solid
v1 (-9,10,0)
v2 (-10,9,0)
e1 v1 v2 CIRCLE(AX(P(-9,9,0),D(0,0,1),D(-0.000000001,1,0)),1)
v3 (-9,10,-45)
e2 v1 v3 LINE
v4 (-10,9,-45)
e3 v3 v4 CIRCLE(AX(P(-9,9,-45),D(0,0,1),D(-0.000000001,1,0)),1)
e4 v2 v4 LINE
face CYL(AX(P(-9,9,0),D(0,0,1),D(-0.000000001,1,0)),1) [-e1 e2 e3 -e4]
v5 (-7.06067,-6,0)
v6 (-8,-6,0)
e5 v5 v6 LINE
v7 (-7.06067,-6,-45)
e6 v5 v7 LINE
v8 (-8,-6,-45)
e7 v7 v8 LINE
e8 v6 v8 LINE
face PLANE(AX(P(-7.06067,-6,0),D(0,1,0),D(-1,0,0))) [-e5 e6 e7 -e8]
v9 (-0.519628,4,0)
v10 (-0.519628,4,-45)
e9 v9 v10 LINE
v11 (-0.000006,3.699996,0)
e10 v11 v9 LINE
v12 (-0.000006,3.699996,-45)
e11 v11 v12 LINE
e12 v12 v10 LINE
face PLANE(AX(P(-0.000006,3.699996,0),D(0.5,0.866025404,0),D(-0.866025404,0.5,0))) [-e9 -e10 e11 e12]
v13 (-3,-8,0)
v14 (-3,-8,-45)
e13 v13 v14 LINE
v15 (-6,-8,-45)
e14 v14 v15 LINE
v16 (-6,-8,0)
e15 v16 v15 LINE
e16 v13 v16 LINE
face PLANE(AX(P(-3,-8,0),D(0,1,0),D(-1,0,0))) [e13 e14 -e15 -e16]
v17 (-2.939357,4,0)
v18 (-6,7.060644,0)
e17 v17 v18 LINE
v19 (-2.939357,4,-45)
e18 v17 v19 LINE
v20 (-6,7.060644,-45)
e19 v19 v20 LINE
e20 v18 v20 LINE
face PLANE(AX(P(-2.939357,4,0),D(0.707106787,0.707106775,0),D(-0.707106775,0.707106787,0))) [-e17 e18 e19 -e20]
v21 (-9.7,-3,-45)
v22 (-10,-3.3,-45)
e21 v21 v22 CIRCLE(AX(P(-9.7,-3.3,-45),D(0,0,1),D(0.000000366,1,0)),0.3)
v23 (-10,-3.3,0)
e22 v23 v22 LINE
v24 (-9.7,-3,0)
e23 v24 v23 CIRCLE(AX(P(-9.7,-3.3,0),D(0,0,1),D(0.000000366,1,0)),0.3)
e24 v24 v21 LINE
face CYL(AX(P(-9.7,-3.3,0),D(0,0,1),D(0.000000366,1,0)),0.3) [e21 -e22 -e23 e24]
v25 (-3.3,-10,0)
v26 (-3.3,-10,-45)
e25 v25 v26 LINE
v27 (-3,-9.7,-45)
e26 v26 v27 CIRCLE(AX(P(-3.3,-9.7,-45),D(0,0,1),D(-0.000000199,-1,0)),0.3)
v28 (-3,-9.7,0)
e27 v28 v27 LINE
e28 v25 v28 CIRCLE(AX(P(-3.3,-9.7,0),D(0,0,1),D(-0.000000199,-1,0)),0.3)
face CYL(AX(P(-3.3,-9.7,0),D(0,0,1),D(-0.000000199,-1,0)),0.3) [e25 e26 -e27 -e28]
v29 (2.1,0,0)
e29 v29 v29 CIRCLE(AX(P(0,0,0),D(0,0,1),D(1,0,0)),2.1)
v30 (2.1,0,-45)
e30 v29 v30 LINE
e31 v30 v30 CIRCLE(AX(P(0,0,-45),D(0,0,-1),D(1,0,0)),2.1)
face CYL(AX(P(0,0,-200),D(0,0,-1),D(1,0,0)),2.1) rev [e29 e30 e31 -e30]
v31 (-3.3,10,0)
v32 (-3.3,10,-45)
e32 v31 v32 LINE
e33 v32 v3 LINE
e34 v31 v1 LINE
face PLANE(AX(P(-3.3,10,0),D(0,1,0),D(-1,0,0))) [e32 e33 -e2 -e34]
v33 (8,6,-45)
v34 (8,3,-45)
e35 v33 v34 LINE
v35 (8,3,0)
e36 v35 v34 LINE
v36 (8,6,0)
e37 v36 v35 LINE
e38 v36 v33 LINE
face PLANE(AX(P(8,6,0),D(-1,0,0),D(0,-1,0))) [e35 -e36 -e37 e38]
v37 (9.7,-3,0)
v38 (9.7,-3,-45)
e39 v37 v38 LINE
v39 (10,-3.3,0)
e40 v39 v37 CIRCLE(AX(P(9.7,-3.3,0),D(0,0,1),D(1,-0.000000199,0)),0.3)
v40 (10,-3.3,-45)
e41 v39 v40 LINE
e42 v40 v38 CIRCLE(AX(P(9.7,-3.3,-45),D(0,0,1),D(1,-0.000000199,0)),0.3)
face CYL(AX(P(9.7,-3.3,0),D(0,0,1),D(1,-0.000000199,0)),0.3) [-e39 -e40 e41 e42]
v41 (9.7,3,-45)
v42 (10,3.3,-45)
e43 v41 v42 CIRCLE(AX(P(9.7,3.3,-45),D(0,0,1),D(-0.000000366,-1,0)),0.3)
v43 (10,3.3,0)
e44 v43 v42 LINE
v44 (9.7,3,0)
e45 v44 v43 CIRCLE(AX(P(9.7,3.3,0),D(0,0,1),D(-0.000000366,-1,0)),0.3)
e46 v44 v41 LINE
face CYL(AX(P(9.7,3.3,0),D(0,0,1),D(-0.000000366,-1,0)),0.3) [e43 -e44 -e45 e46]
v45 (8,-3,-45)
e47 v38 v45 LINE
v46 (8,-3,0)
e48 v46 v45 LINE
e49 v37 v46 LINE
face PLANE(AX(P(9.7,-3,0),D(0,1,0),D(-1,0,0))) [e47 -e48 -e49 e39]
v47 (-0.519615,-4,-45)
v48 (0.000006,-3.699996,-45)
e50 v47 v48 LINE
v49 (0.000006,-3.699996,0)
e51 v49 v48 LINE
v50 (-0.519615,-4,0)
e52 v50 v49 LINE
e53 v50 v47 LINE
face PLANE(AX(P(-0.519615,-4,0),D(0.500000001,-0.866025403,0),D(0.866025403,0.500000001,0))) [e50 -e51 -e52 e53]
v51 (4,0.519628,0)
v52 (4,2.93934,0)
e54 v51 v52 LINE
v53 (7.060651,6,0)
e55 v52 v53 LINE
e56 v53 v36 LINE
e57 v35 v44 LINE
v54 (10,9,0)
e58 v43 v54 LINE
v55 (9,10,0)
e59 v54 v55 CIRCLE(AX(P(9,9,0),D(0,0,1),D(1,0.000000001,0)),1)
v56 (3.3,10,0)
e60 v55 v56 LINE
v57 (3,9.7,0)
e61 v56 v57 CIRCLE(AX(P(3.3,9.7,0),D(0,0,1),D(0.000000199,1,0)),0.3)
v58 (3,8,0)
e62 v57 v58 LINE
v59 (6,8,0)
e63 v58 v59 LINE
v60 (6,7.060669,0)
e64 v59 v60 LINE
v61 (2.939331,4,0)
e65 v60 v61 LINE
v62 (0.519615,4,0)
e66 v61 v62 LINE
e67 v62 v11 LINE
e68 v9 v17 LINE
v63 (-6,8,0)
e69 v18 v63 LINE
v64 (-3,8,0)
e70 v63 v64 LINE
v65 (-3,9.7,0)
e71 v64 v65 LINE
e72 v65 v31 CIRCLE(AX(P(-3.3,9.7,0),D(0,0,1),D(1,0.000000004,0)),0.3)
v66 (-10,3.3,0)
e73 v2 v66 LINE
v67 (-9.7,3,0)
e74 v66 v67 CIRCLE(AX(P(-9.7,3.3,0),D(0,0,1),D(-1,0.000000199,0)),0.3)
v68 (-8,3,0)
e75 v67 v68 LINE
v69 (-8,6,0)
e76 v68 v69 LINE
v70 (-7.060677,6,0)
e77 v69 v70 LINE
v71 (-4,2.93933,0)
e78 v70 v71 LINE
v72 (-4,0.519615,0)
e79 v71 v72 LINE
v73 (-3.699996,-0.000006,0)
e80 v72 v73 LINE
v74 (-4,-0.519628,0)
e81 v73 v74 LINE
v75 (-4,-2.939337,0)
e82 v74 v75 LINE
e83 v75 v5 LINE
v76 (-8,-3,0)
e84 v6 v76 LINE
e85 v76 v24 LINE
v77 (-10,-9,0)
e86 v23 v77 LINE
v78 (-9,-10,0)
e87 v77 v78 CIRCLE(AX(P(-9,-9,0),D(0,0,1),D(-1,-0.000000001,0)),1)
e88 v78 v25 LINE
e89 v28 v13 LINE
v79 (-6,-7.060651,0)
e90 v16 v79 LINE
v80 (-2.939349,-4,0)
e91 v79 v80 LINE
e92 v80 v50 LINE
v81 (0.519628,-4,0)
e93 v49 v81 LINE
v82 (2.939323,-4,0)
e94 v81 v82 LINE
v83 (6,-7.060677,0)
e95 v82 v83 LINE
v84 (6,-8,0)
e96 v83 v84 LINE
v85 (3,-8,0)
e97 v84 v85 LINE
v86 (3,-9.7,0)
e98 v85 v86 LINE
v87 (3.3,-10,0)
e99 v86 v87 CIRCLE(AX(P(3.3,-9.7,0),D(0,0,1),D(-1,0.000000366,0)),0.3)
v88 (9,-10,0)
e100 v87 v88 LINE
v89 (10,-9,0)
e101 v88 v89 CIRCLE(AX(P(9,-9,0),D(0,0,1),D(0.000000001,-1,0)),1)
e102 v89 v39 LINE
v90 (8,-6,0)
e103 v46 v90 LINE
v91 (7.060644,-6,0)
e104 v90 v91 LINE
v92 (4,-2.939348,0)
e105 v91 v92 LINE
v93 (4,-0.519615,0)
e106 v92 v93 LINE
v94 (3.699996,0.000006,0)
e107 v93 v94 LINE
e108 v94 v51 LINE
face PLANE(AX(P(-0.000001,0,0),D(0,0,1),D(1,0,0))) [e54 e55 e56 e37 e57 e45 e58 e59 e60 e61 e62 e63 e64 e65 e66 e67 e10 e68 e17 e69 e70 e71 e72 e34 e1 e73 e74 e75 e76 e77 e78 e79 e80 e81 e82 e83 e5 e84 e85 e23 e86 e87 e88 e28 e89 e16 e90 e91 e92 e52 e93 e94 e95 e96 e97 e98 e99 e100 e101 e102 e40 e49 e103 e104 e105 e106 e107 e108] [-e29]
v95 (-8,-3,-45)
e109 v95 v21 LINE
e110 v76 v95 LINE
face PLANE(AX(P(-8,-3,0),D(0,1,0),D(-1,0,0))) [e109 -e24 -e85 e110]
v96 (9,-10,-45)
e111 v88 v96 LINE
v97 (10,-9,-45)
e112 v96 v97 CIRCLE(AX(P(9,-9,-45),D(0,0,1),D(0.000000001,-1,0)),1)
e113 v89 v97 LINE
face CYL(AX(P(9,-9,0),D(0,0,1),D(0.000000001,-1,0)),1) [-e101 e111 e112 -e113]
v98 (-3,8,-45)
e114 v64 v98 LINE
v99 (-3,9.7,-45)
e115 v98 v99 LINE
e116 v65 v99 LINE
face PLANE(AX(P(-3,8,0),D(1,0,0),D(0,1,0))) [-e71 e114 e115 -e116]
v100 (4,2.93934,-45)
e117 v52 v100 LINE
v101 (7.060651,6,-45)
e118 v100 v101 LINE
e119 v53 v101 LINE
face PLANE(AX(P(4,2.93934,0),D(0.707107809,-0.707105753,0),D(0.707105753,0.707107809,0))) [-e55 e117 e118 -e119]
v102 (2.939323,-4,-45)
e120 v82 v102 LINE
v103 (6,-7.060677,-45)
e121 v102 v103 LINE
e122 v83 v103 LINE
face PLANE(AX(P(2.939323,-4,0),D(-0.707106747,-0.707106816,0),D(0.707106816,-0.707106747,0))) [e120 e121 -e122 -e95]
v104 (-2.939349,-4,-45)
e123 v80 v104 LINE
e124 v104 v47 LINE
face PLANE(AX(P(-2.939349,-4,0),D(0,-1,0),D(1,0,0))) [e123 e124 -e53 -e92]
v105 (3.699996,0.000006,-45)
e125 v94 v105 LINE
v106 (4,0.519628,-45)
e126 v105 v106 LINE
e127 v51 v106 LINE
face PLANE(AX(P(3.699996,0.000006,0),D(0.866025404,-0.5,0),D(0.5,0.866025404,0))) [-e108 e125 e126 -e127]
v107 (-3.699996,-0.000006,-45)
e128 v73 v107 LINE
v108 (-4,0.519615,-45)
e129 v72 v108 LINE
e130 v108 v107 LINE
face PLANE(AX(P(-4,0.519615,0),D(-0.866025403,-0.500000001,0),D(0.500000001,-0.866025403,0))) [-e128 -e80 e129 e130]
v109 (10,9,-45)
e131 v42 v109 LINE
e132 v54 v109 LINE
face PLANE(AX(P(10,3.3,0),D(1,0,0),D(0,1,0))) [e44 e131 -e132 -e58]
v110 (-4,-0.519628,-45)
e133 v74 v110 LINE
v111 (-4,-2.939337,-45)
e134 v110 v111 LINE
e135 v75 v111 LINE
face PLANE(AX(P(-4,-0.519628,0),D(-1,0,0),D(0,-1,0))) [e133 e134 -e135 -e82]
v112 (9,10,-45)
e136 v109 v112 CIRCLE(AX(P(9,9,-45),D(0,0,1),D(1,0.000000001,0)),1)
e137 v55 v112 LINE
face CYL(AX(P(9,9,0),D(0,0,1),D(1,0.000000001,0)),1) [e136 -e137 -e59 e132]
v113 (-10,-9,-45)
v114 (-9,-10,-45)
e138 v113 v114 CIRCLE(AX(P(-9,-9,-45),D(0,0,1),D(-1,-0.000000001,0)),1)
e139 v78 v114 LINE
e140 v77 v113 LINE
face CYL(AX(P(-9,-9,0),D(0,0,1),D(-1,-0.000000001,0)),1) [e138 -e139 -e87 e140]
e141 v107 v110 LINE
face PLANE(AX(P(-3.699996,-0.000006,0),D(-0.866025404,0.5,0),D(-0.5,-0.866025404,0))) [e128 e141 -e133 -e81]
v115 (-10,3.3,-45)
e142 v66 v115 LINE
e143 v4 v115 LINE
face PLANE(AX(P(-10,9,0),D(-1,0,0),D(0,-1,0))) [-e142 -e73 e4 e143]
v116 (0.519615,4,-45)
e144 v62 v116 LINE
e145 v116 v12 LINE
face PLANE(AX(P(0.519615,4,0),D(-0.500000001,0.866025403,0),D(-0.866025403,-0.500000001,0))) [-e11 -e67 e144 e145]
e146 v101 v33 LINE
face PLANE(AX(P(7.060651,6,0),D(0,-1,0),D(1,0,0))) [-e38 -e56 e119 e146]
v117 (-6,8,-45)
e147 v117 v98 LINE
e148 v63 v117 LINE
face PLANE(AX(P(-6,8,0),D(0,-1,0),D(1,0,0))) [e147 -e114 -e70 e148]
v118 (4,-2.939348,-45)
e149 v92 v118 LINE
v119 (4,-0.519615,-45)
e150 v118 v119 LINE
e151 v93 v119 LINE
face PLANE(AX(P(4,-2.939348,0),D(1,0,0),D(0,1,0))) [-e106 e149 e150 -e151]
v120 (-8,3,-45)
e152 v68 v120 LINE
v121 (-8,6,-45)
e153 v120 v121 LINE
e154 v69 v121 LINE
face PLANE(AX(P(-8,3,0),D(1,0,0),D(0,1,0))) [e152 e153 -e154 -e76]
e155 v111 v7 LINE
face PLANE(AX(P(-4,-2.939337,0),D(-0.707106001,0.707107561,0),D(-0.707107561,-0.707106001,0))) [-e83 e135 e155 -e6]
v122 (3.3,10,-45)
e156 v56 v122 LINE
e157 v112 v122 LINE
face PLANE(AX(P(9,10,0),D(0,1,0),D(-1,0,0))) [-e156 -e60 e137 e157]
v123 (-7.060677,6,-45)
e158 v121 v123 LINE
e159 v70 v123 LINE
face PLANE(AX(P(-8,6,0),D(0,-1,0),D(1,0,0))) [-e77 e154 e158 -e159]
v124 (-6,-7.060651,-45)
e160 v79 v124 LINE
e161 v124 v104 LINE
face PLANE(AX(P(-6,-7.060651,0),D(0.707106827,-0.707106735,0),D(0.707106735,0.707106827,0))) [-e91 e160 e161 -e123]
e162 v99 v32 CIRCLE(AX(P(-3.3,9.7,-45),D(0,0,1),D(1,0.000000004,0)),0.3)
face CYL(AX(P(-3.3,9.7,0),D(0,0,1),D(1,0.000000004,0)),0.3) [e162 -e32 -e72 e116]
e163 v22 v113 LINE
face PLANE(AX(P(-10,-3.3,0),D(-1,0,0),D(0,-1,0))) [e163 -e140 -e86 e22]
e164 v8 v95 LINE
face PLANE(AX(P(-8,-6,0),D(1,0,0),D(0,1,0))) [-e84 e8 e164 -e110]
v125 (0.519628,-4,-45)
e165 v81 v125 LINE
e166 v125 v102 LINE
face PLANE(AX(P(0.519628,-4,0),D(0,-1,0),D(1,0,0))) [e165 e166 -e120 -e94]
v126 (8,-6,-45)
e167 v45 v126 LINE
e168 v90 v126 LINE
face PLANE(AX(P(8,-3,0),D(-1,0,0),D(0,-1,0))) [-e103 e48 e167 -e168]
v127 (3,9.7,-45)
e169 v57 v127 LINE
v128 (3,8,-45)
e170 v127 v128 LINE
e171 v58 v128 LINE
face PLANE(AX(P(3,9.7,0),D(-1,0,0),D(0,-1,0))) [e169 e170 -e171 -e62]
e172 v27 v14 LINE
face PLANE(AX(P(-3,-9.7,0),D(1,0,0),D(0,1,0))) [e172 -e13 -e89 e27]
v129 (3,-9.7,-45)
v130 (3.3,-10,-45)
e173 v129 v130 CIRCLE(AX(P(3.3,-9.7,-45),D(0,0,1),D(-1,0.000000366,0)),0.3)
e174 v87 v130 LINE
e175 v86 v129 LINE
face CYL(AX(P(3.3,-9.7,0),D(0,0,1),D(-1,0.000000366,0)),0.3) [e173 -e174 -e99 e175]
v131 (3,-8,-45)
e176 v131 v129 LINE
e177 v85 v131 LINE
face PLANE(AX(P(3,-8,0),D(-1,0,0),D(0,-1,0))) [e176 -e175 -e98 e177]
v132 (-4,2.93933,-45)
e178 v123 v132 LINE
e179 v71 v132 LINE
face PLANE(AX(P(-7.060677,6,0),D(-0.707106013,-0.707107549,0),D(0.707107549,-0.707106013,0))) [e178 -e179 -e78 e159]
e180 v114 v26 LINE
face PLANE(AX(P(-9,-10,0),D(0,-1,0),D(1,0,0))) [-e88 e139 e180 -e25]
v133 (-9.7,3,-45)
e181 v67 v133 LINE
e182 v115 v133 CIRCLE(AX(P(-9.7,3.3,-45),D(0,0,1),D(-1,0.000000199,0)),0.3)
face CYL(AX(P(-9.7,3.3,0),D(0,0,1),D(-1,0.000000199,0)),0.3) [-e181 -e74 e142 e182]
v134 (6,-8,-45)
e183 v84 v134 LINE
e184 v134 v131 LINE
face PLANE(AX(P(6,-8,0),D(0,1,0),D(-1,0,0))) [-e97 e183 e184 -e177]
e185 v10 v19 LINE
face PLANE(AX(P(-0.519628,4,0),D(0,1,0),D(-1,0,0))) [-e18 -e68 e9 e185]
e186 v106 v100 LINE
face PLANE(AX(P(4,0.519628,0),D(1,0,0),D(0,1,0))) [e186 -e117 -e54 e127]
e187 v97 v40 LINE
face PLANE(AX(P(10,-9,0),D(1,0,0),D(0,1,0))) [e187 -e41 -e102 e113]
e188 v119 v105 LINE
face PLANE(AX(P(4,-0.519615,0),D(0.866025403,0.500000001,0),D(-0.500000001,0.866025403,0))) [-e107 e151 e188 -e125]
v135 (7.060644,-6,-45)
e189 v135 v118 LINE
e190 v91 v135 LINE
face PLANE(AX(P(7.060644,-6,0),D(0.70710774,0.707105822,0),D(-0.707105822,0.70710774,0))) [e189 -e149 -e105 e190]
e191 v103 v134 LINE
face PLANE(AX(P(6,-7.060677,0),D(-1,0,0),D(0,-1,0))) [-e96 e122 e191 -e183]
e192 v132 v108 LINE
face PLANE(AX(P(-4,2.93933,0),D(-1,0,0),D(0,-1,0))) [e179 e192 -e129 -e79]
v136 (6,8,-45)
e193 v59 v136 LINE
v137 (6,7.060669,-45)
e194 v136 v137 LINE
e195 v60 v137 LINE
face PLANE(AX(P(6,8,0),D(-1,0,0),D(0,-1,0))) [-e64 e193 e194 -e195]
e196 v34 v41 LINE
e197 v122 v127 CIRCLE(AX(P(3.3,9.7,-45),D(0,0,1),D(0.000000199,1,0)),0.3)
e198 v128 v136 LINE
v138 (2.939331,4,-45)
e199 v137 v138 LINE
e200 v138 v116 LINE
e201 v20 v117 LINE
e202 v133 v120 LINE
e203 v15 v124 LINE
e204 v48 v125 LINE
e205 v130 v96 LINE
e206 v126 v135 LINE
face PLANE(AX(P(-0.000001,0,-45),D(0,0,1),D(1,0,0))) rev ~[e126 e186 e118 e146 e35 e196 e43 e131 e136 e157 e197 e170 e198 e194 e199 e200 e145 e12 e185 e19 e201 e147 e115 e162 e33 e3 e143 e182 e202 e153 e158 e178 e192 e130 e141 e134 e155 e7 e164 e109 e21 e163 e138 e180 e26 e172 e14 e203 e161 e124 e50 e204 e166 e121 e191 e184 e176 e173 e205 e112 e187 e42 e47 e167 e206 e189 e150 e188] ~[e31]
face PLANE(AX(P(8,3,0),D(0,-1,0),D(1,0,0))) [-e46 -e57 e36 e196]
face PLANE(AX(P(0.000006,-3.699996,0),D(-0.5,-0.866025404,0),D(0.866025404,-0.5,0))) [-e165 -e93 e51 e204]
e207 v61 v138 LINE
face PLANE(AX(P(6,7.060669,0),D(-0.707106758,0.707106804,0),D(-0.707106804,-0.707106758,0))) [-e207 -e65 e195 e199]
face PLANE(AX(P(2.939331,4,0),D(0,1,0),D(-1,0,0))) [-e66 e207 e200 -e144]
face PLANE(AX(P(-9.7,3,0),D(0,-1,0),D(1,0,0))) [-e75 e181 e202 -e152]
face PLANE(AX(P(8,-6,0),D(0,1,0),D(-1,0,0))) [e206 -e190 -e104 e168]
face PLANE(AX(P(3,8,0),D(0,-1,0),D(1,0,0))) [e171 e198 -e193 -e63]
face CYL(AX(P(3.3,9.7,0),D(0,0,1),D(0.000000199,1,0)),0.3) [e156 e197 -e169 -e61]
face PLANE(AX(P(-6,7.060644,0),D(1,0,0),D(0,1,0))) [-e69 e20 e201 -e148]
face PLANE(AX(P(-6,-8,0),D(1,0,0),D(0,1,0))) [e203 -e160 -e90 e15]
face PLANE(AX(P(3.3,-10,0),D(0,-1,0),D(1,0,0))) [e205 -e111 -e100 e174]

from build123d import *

# Parameters (mm, degrees)
BOSS_EXTRUDE1_DEPTH = 45
SKETCH2_W           = 400
SKETCH2_H           = 2.1


with BuildPart() as part:
    # Sketch1 → Boss-Extrude1 (new body)
    with BuildSketch(Plane.XY):
        with BuildLine():
            Line((-10, 9), (-10, 3.29999995))
            ThreePointArc((-10, 3.29999995), (-9.912132049, 3.087867916), (-9.7, 3))
            Line((-9.7, 3), (-8, 3))
            Line((-8, 3), (-8, 6))
            Line((-8, 6), (-7.060677, 6))
            Line((-7.060677, 6), (-4, 2.93932965))
            Line((-4, 2.93932965), (-4, 0.519615242))
            Line((-4, 0.519615242), (-3.699996283, -6.437e-06))
            Line((-3.699996283, -6.437e-06), (-4, -0.519628117))
            Line((-4, -0.519628117), (-4, -2.93933725))
            Line((-4, -2.93933725), (-7.0606695, -6))
            Line((-7.0606695, -6), (-8, -6))
            Line((-8, -6), (-8, -3))
            Line((-8, -3), (-9.7, -3))
            ThreePointArc((-9.7, -3), (-9.912132049, -3.087867916), (-10, -3.29999995))
            Line((-10, -3.29999995), (-10, -9))
            ThreePointArc((-10, -9), (-9.707106781, -9.707106781), (-9, -10))
            Line((-9, -10), (-3.29999995, -10))
            ThreePointArc((-3.29999995, -10), (-3.087867916, -9.912132049), (-3, -9.7))
            Line((-3, -9.7), (-3, -8))
            Line((-3, -8), (-6, -8))
            Line((-6, -8), (-6, -7.0606515))
            Line((-6, -7.0606515), (-2.9393489, -4))
            Line((-2.9393489, -4), (-0.519615242, -4))
            Line((-0.519615242, -4), (6.437e-06, -3.699996283))
            Line((6.437e-06, -3.699996283), (0.519628117, -4))
            Line((0.519628117, -4), (2.9393227, -4))
            Line((2.9393227, -4), (6, -7.060677))
            Line((6, -7.060677), (6, -8))
            Line((6, -8), (3, -8))
            Line((3, -8), (3, -9.7))
            ThreePointArc((3, -9.7), (3.087867916, -9.912132049), (3.29999995, -10))
            Line((3.29999995, -10), (9, -10))
            ThreePointArc((9, -10), (9.707106781, -9.707106781), (10, -9))
            Line((10, -9), (10, -3.29999995))
            ThreePointArc((10, -3.29999995), (9.912132049, -3.087867916), (9.7, -3))
            Line((9.7, -3), (8, -3))
            Line((8, -3), (8, -6))
            Line((8, -6), (7.0606435, -6))
            Line((7.0606435, -6), (4, -2.9393482))
            Line((4, -2.9393482), (4, -0.519615242))
            Line((4, -0.519615242), (3.699996283, 6.437e-06))
            Line((3.699996283, 6.437e-06), (4, 0.519628117))
            Line((4, 0.519628117), (4, 2.9393401))
            Line((4, 2.9393401), (7.060651, 6))
            Line((7.060651, 6), (8, 6))
            Line((8, 6), (8, 3))
            Line((8, 3), (9.7, 3))
            ThreePointArc((9.7, 3), (9.912132049, 3.087867916), (10, 3.29999995))
            Line((10, 3.29999995), (10, 9))
            ThreePointArc((10, 9), (9.707106781, 9.707106781), (9, 10))
            Line((9, 10), (3.29999995, 10))
            ThreePointArc((3.29999995, 10), (3.087867916, 9.912132049), (3, 9.7))
            Line((3, 9.7), (3, 8))
            Line((3, 8), (6, 8))
            Line((6, 8), (6, 7.060669))
            Line((6, 7.060669), (2.9393308, 4))
            Line((2.9393308, 4), (0.519615242, 4))
            Line((0.519615242, 4), (-6.437e-06, 3.699996283))
            Line((-6.437e-06, 3.699996283), (-0.519628117, 4))
            Line((-0.519628117, 4), (-2.93935655, 4))
            Line((-2.93935655, 4), (-6, 7.0606435))
            Line((-6, 7.0606435), (-6, 8))
            Line((-6, 8), (-3, 8))
            Line((-3, 8), (-3, 9.7))
            ThreePointArc((-3, 9.7), (-3.087867966, 9.912132034), (-3.3, 10))
            Line((-3.3, 10), (-9, 10))
            ThreePointArc((-9, 10), (-9.707106781, 9.707106781), (-10, 9))
        make_face()
    extrude(amount=-BOSS_EXTRUDE1_DEPTH)

    # Sketch2 → Cut-Revolve1 (revolve, cut)
    with BuildSketch(Plane(origin=(0, 0, 0), x_dir=(0, 0, -1), z_dir=(1, 0, 0)), mode=Mode.PRIVATE) as cut_revolve1_sk:
        with Locations((200, 1.05)):
            Rectangle(SKETCH2_W, SKETCH2_H)
    revolve(cut_revolve1_sk.sketch.rotate(Axis((0, 0, -400), (0, 0, 1)), 270), axis=Axis((0, 0, -400), (0, 0, 1)), mode=Mode.SUBTRACT)


solid = part.part
